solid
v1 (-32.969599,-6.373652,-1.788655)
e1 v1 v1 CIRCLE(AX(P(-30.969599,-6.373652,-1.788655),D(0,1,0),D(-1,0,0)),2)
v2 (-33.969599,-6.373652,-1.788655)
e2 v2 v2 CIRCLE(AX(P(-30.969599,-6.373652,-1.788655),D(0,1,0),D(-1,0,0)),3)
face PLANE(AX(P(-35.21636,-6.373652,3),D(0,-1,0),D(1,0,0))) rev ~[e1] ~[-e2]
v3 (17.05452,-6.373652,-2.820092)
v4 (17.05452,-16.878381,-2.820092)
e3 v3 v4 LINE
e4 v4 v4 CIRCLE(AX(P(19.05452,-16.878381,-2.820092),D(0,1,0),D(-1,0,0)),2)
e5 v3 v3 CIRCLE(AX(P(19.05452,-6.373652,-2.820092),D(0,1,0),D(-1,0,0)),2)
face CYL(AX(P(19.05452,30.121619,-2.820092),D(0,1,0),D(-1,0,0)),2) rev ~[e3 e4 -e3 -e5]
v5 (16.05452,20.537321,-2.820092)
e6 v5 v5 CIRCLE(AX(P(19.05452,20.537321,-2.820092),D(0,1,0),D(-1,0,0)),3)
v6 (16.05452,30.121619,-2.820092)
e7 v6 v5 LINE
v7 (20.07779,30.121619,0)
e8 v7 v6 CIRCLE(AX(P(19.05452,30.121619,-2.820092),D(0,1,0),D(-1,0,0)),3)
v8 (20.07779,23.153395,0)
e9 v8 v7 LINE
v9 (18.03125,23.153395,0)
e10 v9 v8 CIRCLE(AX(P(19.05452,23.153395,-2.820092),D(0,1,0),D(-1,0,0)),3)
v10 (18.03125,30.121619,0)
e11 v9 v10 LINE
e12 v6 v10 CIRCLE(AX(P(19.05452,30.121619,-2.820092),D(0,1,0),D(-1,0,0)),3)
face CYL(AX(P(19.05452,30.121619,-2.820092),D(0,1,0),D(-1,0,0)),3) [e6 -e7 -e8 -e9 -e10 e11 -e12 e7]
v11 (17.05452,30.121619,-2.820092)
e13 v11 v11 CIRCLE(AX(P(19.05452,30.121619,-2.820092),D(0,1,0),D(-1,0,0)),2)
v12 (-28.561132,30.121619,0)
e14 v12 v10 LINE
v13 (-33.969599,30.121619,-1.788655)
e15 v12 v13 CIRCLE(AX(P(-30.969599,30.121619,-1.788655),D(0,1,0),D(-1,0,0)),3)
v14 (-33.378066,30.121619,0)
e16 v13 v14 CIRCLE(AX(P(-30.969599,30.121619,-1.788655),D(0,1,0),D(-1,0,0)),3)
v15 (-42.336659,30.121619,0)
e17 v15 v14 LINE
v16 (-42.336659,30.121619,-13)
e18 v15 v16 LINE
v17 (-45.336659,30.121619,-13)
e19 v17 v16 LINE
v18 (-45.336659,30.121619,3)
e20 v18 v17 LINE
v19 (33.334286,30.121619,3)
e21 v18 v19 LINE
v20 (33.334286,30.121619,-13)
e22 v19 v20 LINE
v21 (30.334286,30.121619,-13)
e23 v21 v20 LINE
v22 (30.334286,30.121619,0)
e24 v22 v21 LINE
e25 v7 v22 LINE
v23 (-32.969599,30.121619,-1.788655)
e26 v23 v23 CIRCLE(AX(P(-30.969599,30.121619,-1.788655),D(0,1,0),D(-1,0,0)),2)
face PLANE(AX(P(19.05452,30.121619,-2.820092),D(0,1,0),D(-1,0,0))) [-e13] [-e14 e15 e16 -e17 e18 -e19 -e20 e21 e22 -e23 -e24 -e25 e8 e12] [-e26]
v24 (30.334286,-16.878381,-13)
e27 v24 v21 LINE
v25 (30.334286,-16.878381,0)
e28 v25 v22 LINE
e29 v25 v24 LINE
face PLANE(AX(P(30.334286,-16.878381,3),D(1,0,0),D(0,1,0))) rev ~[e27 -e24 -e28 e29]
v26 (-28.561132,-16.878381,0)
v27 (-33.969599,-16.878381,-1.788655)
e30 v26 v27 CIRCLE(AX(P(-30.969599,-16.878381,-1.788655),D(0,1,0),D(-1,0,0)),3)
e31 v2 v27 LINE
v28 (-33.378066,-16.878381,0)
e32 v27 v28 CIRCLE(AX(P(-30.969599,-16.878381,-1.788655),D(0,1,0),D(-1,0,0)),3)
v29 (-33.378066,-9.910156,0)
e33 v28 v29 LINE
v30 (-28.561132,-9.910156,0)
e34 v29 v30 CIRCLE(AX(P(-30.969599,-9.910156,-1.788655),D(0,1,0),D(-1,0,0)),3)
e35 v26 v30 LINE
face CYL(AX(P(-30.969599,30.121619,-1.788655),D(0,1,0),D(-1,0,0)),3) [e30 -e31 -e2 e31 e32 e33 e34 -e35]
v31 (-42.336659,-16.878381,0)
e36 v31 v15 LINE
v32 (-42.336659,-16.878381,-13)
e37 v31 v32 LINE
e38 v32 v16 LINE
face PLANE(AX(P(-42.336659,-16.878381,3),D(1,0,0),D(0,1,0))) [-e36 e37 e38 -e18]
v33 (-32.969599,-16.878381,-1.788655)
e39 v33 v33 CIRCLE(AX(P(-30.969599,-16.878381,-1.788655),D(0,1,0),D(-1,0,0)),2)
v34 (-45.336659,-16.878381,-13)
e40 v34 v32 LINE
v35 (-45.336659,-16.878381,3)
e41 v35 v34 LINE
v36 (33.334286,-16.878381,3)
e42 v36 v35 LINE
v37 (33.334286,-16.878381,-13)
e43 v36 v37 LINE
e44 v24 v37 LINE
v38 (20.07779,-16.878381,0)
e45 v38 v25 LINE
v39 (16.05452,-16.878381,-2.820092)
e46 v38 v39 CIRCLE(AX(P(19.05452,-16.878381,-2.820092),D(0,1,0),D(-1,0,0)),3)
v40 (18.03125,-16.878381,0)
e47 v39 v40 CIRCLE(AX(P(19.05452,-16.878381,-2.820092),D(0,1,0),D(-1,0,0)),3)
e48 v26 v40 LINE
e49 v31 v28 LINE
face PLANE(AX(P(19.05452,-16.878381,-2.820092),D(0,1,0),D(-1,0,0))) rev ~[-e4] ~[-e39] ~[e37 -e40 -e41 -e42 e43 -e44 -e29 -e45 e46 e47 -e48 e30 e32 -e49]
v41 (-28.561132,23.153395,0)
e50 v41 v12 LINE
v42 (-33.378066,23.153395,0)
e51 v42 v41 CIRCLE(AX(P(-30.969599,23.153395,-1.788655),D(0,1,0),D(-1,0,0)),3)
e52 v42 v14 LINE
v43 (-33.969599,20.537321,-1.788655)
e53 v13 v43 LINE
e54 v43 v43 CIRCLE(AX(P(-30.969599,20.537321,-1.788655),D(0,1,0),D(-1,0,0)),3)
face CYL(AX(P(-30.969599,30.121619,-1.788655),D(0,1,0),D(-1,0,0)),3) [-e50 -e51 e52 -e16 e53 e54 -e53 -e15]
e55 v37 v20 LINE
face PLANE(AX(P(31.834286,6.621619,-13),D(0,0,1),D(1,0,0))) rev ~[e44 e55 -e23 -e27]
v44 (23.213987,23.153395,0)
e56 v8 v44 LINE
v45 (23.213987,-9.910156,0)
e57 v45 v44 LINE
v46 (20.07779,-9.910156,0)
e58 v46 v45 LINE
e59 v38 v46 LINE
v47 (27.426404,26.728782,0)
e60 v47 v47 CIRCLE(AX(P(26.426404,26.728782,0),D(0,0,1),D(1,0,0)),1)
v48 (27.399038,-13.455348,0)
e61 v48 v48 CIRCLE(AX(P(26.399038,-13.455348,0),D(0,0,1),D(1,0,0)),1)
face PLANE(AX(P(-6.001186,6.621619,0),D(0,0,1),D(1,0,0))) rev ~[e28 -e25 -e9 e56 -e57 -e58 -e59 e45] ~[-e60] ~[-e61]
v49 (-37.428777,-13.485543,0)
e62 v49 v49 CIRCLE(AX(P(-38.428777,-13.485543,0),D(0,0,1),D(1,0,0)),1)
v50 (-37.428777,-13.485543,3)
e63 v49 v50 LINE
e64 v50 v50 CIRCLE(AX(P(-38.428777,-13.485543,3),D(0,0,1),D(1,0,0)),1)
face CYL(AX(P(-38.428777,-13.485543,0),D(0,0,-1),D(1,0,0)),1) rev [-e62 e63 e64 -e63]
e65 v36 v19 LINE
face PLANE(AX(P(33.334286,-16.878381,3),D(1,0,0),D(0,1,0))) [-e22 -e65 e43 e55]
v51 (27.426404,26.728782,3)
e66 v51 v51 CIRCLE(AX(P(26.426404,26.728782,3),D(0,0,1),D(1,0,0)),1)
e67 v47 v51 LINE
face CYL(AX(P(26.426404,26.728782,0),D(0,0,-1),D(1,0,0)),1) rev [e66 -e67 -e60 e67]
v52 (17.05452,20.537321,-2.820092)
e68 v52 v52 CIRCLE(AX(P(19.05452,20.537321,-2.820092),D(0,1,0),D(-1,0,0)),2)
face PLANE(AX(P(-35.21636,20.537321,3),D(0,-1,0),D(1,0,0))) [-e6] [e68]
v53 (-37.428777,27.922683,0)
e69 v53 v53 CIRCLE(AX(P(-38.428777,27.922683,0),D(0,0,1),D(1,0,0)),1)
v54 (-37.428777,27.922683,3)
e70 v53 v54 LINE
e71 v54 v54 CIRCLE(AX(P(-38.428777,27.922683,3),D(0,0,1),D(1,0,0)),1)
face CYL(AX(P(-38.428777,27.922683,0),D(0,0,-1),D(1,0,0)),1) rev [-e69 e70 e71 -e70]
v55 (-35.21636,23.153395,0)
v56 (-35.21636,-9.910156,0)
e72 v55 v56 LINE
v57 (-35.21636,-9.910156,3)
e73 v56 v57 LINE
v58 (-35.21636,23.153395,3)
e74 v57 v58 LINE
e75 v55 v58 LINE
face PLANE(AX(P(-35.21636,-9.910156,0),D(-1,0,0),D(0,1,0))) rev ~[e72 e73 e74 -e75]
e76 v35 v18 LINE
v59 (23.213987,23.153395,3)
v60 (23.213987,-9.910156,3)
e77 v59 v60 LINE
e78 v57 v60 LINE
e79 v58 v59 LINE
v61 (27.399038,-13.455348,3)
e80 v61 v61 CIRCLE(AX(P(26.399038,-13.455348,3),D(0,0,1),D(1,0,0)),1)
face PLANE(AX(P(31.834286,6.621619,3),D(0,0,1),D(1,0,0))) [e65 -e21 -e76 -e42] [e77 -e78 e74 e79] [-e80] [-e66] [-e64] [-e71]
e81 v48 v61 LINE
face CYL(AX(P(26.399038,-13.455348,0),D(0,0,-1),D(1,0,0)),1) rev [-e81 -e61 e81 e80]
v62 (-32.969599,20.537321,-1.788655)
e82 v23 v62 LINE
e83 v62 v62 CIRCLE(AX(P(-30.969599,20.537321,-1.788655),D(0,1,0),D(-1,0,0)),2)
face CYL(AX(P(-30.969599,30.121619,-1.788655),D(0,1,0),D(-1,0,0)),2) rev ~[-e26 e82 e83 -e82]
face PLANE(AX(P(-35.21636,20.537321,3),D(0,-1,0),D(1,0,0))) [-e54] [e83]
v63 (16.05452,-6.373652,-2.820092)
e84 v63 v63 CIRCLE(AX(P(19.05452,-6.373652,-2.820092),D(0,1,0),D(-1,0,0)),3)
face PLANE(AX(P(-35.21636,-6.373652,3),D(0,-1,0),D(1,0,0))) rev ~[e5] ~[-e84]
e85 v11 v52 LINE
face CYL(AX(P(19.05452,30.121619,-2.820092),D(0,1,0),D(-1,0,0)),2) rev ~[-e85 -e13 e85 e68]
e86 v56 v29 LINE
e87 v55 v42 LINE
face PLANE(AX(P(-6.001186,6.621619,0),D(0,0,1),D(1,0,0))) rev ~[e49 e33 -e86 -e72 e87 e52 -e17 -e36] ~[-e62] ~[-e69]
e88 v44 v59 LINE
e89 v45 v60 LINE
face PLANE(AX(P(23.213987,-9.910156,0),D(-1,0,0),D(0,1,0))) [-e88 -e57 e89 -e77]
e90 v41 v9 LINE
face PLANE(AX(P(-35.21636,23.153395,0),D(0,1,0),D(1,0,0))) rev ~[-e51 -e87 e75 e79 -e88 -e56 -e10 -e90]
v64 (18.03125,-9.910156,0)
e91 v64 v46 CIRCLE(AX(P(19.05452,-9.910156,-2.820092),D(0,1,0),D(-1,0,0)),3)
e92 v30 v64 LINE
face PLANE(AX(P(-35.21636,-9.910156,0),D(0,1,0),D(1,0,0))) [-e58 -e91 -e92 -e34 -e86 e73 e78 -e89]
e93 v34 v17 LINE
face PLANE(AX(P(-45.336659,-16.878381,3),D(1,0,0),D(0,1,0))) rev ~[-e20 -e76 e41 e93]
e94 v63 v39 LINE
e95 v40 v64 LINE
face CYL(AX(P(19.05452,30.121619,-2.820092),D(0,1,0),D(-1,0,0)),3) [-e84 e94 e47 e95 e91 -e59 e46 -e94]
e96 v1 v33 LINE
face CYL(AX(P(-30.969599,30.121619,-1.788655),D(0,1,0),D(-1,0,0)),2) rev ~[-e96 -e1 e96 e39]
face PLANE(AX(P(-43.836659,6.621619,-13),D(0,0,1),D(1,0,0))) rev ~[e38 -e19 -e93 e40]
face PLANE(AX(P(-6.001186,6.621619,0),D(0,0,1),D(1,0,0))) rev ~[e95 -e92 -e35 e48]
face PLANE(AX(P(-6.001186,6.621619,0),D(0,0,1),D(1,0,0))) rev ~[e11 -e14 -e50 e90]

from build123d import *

# Parameters (mm, degrees)
F0_W     = 72.6709449252
F0_H     = 47
F0_R     = 1
F0_W_2   = 58.4303468724
F0_H_2   = 33.0635516279
F1_DEPTH = 3
F2_W     = 3
F2_H     = 47
F3_DEPTH = 16
F4_R     = 3
F5_DEPTH = 47
F6_R     = 2
F7_DEPTH = 59
F8_W     = 58.4303468724
F8_H     = 26.9109723158
F9_DEPTH = 25


with BuildPart() as f1:
    # F0 (on Top) → F1 (new body)
    with BuildSketch(Plane.XY):
        with Locations((-6.0011862931, 6.6216193669)):
            Rectangle(F0_W, F0_H)
        with Locations((-38.4287770241, -13.4855430331)):
            Circle(F0_R, mode=Mode.SUBTRACT)
        with Locations((-6.0011862931, 6.6216193669)):
            Rectangle(F0_W_2, F0_H_2, mode=Mode.SUBTRACT)
        with Locations((26.3990384156, -13.4553477725)):
            Circle(F0_R, mode=Mode.SUBTRACT)
        with Locations((-38.4287770241, 27.9226825441)):
            Circle(F0_R, mode=Mode.SUBTRACT)
        with Locations((26.426404438, 26.7287817669)):
            Circle(F0_R, mode=Mode.SUBTRACT)
    extrude(amount=F1_DEPTH)

    # F2 (on face) → F3 (join)
    with BuildSketch(Plane.XY.offset(3)):
        with Locations((31.8342861695, 6.6216193669)):
            Rectangle(F2_W, F2_H)
        with Locations((-43.8366587557, 6.6216193669)):
            Rectangle(F2_W, F2_H)
    extrude(amount=-F3_DEPTH)

    # F4 (on face) → F5 (join)
    with BuildSketch(Plane(origin=(0, 30.1216193669, 0), x_dir=(-1, 0, 0), z_dir=(0, 1, 0))):
        with Locations((-19.05452002, -2.8200918249)):
            Circle(F4_R)
        with Locations((30.9695991276, -1.7886548301)):
            Circle(F4_R)
    extrude(amount=-F5_DEPTH)

    # F6 (on face) → F7 (cut)
    with BuildSketch(Plane(origin=(0, 30.1216193669, 0), x_dir=(-1, 0, 0), z_dir=(0, 1, 0))):
        with Locations((30.9695991276, -1.7886548301)):
            Circle(F6_R)
        with Locations((-19.05452002, -2.8200918249)):
            Circle(F6_R)
    extrude(amount=-F7_DEPTH, mode=Mode.SUBTRACT)

    # F8 (on face) → F9 (cut)
    with BuildSketch(Plane.XY.offset(3)):
        with Locations((-6.0011862931, 7.0818343665)):
            Rectangle(F8_W, F8_H)
    extrude(amount=-F9_DEPTH, mode=Mode.SUBTRACT)


solid = f1.part
